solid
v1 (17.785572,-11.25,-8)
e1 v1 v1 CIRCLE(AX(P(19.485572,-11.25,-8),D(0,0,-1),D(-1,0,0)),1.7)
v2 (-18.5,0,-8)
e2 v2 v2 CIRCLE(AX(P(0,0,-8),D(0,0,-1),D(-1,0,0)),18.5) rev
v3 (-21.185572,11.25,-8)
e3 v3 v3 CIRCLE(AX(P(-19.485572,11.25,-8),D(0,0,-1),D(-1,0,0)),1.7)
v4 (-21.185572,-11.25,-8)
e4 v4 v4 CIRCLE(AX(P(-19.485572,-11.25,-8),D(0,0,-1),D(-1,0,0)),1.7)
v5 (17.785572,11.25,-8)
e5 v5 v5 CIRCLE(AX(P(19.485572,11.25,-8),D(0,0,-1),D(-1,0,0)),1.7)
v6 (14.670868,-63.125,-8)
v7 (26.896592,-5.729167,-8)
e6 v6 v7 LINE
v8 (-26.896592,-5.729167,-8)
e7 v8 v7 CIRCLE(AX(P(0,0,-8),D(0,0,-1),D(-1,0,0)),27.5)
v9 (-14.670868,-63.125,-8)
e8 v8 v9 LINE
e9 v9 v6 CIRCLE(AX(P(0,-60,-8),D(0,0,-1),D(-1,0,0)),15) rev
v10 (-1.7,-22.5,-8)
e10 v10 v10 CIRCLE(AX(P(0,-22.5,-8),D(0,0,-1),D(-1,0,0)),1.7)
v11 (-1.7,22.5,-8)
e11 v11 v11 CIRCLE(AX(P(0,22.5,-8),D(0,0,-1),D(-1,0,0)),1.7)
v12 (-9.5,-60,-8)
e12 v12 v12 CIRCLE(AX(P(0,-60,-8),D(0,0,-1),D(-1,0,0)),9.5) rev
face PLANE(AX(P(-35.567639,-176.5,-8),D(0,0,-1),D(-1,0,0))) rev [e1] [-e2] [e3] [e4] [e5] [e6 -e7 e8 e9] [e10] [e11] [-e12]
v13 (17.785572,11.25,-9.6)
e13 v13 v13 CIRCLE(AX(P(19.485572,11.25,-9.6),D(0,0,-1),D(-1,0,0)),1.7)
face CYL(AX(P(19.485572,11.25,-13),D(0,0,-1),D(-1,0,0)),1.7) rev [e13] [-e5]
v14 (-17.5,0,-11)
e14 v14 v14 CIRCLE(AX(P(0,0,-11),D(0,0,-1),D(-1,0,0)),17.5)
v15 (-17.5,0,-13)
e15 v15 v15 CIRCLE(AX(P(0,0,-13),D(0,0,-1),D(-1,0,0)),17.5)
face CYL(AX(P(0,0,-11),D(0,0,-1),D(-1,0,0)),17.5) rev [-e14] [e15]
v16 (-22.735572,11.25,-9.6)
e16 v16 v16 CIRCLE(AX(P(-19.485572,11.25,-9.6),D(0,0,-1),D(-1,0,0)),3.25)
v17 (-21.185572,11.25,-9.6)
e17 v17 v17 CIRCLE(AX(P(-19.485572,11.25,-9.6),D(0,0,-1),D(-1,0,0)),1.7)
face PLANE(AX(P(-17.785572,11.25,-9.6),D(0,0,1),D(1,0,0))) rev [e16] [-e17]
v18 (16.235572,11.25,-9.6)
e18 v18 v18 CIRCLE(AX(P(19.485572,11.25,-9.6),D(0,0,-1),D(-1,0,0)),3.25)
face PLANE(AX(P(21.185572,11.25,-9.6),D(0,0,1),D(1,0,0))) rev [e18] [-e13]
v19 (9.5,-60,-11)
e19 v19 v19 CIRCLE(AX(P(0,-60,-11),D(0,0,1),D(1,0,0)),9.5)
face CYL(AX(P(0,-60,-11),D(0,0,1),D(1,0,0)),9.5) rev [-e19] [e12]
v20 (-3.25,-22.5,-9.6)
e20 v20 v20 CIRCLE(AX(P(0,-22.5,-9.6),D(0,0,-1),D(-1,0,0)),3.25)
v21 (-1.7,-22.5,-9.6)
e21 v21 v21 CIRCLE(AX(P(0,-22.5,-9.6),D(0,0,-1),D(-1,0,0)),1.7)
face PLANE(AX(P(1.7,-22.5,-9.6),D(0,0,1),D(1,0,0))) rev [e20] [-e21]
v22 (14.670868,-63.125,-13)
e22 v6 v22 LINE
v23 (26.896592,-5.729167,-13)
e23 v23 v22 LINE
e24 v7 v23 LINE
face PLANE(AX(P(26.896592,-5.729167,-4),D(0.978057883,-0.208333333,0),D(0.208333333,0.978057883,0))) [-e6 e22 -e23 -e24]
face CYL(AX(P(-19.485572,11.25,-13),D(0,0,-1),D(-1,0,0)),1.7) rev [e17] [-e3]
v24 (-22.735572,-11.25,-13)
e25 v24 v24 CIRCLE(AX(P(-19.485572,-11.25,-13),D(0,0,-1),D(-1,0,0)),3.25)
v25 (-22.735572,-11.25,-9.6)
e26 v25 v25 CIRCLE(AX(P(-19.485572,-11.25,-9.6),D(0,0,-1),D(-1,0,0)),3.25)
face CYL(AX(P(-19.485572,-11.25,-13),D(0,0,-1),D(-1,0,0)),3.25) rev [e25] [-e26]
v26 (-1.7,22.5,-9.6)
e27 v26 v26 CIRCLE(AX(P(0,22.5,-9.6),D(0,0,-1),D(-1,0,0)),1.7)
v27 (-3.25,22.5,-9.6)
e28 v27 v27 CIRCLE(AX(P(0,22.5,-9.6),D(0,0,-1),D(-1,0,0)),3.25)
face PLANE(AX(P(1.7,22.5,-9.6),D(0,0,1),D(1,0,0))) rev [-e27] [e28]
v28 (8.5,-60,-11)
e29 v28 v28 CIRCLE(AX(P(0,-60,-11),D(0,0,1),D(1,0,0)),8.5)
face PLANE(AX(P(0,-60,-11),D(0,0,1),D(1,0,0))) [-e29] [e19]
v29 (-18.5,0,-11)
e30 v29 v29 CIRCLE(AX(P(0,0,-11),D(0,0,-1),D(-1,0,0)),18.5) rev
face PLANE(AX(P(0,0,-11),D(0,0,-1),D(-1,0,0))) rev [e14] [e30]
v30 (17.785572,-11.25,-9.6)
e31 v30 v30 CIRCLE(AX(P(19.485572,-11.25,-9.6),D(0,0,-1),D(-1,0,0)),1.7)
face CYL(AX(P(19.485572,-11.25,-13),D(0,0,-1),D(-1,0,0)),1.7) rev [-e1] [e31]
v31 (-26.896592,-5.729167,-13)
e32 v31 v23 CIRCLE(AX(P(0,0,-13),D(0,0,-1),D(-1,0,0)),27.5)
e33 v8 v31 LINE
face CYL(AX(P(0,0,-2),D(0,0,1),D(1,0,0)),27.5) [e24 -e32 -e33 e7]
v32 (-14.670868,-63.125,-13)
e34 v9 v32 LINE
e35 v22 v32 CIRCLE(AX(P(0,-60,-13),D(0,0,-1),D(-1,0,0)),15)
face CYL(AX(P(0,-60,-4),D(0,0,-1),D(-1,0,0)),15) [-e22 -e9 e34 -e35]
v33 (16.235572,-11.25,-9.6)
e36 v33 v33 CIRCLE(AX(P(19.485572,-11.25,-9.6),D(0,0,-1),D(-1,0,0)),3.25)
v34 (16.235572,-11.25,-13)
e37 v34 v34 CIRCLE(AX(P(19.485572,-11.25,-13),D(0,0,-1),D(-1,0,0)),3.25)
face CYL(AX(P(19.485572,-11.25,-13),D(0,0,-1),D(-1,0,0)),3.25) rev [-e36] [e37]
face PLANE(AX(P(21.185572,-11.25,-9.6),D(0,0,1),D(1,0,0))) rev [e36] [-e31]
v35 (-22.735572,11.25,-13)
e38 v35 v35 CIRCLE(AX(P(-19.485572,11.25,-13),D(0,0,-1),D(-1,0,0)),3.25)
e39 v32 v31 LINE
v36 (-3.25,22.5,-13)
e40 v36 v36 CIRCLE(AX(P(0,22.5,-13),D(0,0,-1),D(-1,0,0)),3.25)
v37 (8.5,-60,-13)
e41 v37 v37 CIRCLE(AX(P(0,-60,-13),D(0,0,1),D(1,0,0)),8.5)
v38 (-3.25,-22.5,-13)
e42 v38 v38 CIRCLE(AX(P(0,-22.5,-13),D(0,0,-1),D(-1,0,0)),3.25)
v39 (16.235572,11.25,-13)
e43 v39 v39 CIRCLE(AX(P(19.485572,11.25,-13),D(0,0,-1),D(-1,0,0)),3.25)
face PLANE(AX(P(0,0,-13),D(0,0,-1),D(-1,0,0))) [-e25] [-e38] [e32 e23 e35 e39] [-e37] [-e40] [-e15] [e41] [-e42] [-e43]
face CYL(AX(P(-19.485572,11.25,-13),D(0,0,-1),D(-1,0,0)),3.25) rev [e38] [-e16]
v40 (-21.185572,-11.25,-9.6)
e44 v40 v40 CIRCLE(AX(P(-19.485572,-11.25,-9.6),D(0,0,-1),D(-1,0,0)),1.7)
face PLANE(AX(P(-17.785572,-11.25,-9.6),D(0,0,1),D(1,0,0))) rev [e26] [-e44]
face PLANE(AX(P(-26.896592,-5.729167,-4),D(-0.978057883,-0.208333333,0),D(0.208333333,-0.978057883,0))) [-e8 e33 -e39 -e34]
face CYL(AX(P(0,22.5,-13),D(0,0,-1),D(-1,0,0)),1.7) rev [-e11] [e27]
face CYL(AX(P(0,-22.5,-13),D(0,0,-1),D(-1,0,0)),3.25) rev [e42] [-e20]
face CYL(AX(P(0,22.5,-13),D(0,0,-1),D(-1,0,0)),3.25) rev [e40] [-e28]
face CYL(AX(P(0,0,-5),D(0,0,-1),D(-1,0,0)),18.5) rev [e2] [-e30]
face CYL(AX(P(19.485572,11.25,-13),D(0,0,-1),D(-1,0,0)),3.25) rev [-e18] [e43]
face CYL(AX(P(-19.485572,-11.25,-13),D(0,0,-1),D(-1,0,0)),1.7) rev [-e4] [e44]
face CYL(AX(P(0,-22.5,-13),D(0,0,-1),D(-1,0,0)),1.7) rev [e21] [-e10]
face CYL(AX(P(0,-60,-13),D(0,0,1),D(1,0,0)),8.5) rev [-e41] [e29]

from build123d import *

# Parameters (mm, degrees)
SKETCH_2_R                   = 27.5
EXTRUDE_2_DEPTH              = 2
SKETCH_22_R                  = 10
CUT_EXTRUDE_1_DEPTH          = 2
FILLET_4_R                   = 0.2
SKETCH_54_R                  = 27.5
EXTRUDE_6_DEPTH              = 11
SKETCH_55_R                  = 18.5
CUT_EXTRUDE_2_DEPTH          = 8
HOLE_WIZARD_M4_1_D           = 4.5
HOLE_WIZARD_M4_1_CBORE_D     = 8
HOLE_WIZARD_M4_1_CBORE_DEPTH = 1
PATTERN_CIRCULAR_1_COUNT     = 3
SKETCH_59_R                  = 18.5
SKETCH_59_R_2                = 17.5
EXTRUDE_7_DEPTH              = 1
EXTRUDE_8_DEPTH              = 9
FILLET_6_R                   = 0.3
SKETCH_68_R                  = 9.5
CUT_EXTRUDE_7_DEPTH          = 7
SKETCH_69_R                  = 8.5
CUT_EXTRUDE_8_DEPTH          = 3
SKETCH_80_W                  = 72.028937147
SKETCH_80_H                  = 17.189961631
CUT_EXTRUDE_9_DEPTH          = 176.5
SKETCH_83_R                  = 18.5
SKETCH_83_R_2                = 17.5
EXTRUDE_9_DEPTH              = 2
PATTERN_CIRCULAR_2_COUNT     = 6


with BuildPart() as part:
    # 스케치2 → 보스-돌출2 (new body)
    with BuildSketch(Plane(origin=(0, 6, 0), x_dir=(1, 0, 0), z_dir=(0, 0, -1))):
        with Locations((0, 6)):
            Circle(SKETCH_2_R)
    extrude(amount=EXTRUDE_2_DEPTH)

    # 스케치22 → 컷-돌출1 (cut)
    with BuildSketch(Plane.XY):
        Circle(SKETCH_22_R)
    extrude(amount=-CUT_EXTRUDE_1_DEPTH, mode=Mode.SUBTRACT)

    # 필렛4
    fillet_4_edges = [part.edges().sort_by_distance(p)[0] for p in [
        (-10, 0, 0),
    ]]
    fillet(fillet_4_edges, radius=FILLET_4_R)

    # 스케치54 → 보스-돌출6 (add)
    with BuildSketch(Plane(origin=(0, 0, -2), x_dir=(-1, 0, 0), z_dir=(0, 0, -1))):
        Circle(SKETCH_54_R)
    extrude(amount=EXTRUDE_6_DEPTH)

    # 스케치55 → 컷-돌출2 (cut)
    with BuildSketch(Plane(origin=(0, 0, -13), x_dir=(-1, 0, 0), z_dir=(0, 0, -1))):
        Circle(SKETCH_55_R)
    extrude(amount=-CUT_EXTRUDE_2_DEPTH, mode=Mode.SUBTRACT)

    # M4 육각 소켓 머리 캡 나사용 카운터보어1 (through all)
    with Locations(Plane(origin=(0, 0, -5), x_dir=(-1, 0, 0), z_dir=(0, 0, -1))):
        with Locations((0, 6)):
            hole_wizard_m4_1 = CounterBoreHole(HOLE_WIZARD_M4_1_D / 2, HOLE_WIZARD_M4_1_CBORE_D / 2, HOLE_WIZARD_M4_1_CBORE_DEPTH)

    # 원형 패턴1: M4 육각 소켓 머리 캡 나사용 카운터보어1 ×3 about axis
    pattern_circular_1_axis = Axis((0, 0, 0), (0, 0, 1))
    for i in range(1, PATTERN_CIRCULAR_1_COUNT):
        add(hole_wizard_m4_1.rotate(pattern_circular_1_axis, i * 360 / PATTERN_CIRCULAR_1_COUNT), mode=Mode.SUBTRACT)

    # 스케치59 → 보스-돌출7 (add)
    with BuildSketch(Plane(origin=(0, 0, -5), x_dir=(-1, 0, 0), z_dir=(0, 0, -1))):
        Circle(SKETCH_59_R)
        Circle(SKETCH_59_R_2, mode=Mode.SUBTRACT)
    extrude(amount=EXTRUDE_7_DEPTH)

    # 스케치60 → 보스-돌출8 (add)
    with BuildSketch(Plane(origin=(0, 0, -13), x_dir=(-1, 0, 0), z_dir=(0, 0, -1))):
        with BuildLine():
            Line((-26.896591779, -5.729166667), (-14.670868243, -63.125))
            ThreePointArc((-14.670868243, -63.125), (0, -75), (14.670868243, -63.125))
            Line((14.670868243, -63.125), (26.896591779, -5.729166667))
            ThreePointArc((26.896591779, -5.729166667), (0, -27.5), (-26.896591779, -5.729166667))
        make_face()
    extrude(amount=-EXTRUDE_8_DEPTH)

    # 필렛6
    fillet_6_edges = [part.edges().sort_by_distance(p)[0] for p in [
        (18.5, 0, -6),
    ]]
    fillet(fillet_6_edges, radius=FILLET_6_R)

    # 스케치68 → 컷-돌출7 (cut)
    with BuildSketch(Plane.XY.offset(-4)):
        with Locations((0, -60)):
            Circle(SKETCH_68_R)
    extrude(amount=-CUT_EXTRUDE_7_DEPTH, mode=Mode.SUBTRACT)

    # 스케치69 → 컷-돌출8 (cut, through all)
    with BuildSketch(Plane.XY.offset(-11)):
        with Locations((0, -60)):
            Circle(SKETCH_69_R)
    extrude(amount=-CUT_EXTRUDE_8_DEPTH, mode=Mode.SUBTRACT)

    # 스케치80 → 컷-돌출9 (cut, symmetric)
    with BuildSketch(Plane(origin=(0, 0, 0), x_dir=(1, 0, 0), z_dir=(0, 1, 0))):
        with Locations((0.446829634, -0.594980816)):
            Rectangle(SKETCH_80_W, SKETCH_80_H)
    extrude(amount=CUT_EXTRUDE_9_DEPTH, both=True, mode=Mode.SUBTRACT)

    # 스케치83 → 보스-돌출9 (add)
    with BuildSketch(Plane(origin=(0, 0, -13), x_dir=(-1, 0, 0), z_dir=(0, 0, -1))):
        Circle(SKETCH_83_R)
        Circle(SKETCH_83_R_2, mode=Mode.SUBTRACT)
    extrude(amount=-EXTRUDE_9_DEPTH)

    # 스케치89 → M3 육각 소켓 머리 캡 나사용 카운터보어1 (revolve, cut)
    with BuildSketch(Plane(origin=(0, 22.5, -13), x_dir=(0, 1, 0), z_dir=(1, 0, 0))):
        Polygon((0, 0), (0, 223.021463052), (1.7, 222), (1.7, 3.4), (3.25, 3.4), (3.25, 0), align=None)
    hole_wizard_m3_1 = revolve(axis=Axis((0, 22.5, -19.35), (0, 0, 1)), mode=Mode.SUBTRACT)

    # 원형 패턴2: M3 육각 소켓 머리 캡 나사용 카운터보어1 ×6 about axis
    pattern_circular_2_axis = Axis((0, 0, 0), (0, 0, 1))
    for i in range(1, PATTERN_CIRCULAR_2_COUNT):
        add(hole_wizard_m3_1.rotate(pattern_circular_2_axis, i * 360 / PATTERN_CIRCULAR_2_COUNT), mode=Mode.SUBTRACT)


solid = part.part
